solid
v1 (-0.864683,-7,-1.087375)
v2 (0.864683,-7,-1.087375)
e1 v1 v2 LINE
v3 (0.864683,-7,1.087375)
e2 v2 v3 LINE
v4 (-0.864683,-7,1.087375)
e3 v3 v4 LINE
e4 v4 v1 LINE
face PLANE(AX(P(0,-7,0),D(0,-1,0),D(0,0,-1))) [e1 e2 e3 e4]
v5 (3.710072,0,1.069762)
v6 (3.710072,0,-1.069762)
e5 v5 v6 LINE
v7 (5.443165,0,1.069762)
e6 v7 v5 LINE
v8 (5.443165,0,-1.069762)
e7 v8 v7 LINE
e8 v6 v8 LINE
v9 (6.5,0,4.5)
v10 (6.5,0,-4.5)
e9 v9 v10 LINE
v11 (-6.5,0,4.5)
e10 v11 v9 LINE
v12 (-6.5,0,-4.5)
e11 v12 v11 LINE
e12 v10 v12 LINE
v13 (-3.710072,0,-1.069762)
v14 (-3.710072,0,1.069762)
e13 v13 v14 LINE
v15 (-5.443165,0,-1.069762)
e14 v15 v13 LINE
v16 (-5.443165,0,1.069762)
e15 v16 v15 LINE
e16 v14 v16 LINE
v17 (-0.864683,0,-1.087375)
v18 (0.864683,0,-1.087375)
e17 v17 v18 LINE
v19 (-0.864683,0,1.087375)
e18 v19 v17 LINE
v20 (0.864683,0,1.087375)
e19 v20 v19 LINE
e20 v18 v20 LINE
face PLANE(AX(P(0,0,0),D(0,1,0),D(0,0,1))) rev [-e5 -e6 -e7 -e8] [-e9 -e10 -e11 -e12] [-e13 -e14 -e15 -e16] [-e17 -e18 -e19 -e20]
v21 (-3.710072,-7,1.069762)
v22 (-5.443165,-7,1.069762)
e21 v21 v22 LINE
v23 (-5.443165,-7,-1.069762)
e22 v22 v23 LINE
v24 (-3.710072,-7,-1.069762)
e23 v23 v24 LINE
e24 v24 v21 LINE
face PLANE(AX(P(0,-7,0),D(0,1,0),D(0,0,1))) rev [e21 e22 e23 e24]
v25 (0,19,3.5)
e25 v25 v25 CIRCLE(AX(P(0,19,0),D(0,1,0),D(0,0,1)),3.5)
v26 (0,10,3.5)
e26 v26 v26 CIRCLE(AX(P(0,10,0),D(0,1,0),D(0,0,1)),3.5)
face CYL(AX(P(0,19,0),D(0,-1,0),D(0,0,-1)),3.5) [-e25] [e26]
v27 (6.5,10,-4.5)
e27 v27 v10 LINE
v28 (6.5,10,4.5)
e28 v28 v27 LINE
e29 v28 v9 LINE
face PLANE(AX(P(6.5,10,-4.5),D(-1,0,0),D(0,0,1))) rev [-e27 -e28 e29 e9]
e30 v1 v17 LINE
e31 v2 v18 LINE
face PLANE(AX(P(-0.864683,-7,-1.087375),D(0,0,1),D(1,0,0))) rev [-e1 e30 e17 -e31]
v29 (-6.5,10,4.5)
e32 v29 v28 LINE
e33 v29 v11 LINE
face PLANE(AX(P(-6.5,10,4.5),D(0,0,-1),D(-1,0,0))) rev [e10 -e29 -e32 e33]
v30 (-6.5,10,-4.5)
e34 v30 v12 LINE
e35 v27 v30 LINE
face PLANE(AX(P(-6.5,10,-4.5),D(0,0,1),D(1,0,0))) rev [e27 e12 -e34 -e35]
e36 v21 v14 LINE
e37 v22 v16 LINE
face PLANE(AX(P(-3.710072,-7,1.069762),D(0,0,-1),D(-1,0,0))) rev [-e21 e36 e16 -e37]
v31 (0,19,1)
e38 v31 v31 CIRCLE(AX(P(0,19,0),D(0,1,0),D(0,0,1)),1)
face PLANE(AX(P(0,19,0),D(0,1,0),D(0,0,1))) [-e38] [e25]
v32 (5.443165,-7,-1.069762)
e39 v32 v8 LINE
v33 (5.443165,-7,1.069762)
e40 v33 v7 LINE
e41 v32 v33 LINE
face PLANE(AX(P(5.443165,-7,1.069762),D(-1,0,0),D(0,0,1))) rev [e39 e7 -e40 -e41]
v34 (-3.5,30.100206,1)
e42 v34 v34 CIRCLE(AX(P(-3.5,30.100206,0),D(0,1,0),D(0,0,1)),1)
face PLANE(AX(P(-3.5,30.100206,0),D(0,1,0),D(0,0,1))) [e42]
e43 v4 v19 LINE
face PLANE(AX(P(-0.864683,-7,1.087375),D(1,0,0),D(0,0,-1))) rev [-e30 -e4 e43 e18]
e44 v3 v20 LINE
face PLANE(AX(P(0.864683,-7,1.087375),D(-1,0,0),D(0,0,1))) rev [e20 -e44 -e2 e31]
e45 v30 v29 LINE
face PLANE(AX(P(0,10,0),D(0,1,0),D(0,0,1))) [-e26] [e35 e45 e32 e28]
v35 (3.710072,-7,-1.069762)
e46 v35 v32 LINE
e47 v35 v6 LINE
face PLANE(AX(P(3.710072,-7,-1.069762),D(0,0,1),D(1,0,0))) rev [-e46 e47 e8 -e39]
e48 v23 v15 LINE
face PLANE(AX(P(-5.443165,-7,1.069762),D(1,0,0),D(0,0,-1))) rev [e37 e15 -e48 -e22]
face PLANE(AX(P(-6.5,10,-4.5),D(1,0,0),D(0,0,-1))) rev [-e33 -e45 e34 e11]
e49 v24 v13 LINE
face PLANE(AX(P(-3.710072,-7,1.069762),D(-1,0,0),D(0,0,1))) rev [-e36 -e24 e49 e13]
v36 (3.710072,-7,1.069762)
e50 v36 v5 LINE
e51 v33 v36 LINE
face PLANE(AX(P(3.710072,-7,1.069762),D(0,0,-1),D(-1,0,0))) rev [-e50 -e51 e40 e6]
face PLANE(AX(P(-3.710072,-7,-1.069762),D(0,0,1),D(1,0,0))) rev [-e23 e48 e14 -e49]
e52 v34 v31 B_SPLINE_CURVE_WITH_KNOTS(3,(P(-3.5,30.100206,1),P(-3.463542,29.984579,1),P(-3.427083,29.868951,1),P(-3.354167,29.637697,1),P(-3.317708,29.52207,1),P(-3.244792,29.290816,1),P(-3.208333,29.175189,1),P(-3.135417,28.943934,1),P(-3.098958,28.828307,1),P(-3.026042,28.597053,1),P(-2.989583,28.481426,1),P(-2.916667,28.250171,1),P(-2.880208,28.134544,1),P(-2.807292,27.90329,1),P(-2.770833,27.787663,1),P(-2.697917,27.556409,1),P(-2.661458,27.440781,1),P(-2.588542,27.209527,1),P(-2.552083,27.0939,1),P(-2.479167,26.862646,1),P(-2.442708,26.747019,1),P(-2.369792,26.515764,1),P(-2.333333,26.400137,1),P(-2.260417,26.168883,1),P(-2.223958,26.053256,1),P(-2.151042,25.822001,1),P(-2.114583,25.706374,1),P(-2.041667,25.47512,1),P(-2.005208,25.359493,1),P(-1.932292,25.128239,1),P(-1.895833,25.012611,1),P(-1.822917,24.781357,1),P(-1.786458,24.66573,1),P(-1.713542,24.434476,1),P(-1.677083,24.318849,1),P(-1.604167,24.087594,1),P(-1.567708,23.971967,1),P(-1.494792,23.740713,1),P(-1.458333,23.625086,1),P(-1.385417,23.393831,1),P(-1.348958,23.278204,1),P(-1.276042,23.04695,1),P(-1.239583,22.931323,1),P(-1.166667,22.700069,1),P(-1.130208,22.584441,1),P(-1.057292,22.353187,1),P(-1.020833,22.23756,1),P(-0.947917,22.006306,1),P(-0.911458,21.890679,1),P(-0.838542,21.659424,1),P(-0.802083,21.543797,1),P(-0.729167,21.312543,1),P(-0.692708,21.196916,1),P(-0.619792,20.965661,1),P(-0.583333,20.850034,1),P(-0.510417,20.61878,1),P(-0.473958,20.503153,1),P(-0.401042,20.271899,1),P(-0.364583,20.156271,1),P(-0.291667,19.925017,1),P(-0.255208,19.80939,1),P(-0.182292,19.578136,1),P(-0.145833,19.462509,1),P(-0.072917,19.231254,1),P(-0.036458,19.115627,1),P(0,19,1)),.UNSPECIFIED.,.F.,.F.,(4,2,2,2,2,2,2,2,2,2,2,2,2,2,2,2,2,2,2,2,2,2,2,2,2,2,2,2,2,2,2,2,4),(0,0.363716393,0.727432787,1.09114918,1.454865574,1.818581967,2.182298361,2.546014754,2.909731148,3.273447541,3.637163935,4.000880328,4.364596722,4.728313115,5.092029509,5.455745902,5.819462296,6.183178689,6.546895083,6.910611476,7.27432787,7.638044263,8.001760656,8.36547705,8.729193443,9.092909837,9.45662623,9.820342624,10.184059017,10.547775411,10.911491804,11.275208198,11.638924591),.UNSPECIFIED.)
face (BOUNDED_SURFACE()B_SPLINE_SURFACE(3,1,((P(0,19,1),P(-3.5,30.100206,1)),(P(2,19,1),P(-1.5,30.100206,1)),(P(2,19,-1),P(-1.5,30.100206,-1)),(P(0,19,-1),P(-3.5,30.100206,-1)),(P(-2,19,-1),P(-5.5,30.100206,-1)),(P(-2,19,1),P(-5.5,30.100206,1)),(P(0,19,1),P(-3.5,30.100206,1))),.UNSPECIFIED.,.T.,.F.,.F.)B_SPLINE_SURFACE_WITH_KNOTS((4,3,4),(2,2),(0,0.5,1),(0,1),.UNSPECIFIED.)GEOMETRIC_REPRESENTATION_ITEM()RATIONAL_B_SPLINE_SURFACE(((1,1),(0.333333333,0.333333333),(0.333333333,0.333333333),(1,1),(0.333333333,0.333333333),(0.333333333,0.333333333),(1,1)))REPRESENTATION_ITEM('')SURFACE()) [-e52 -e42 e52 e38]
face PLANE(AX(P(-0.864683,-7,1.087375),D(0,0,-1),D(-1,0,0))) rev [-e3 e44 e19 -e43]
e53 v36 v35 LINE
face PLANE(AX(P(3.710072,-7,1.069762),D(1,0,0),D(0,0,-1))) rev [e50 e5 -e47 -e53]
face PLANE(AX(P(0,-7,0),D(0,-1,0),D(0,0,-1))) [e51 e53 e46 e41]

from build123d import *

# Parameters (mm, degrees)
SKETCH_1_W      = 13
SKETCH_1_H      = 9
EXTRUDE_1_DEPTH = 10
SKETCH_2_R      = 3.5
EXTRUDE_2_DEPTH = 9
SKETCH_4_R      = 1
SKETCH_5_W      = 1.73309276
SKETCH_5_H      = 2.139523058
SKETCH_5_W_2    = 1.729366682
SKETCH_5_H_2    = 2.174749504
EXTRUDE_3_DEPTH = 7


with BuildPart() as part:
    # 草图1 → 凸台-拉伸1 (new body)
    with BuildSketch(Plane(origin=(0, 0, 0), x_dir=(1, 0, 0), z_dir=(0, 1, 0))):
        Rectangle(SKETCH_1_W, SKETCH_1_H)
    extrude(amount=EXTRUDE_1_DEPTH)

    # 草图2 → 凸台-拉伸2 (add)
    with BuildSketch(Plane(origin=(0, 10, 0), x_dir=(1, 0, 0), z_dir=(0, 1, 0))):
        Circle(SKETCH_2_R)
    extrude(amount=EXTRUDE_2_DEPTH)

    # 扫描1: sweep along a path in 草图3
    with BuildLine(Plane.XY) as sweep_1_path:
        Line((0, 19), (-3.5, 30.100205658))
    # 草图4 → 扫描1 (sweep)
    with BuildSketch(Plane(origin=(0, 19, 0), x_dir=(1, 0, 0), z_dir=(0, 1, 0))):
        Circle(SKETCH_4_R)
    sweep(path=sweep_1_path.line)

    # 草图5 → 凸台-拉伸3 (add)
    with BuildSketch(Plane(origin=(0, 0, 0), x_dir=(-1, 0, 0), z_dir=(0, -1, 0))):
        with Locations((-4.576618424, 0)):
            Rectangle(SKETCH_5_W, SKETCH_5_H)
        with Locations((4.576618424, 0)):
            Rectangle(SKETCH_5_W, SKETCH_5_H)
        Rectangle(SKETCH_5_W_2, SKETCH_5_H_2)
    extrude(amount=EXTRUDE_3_DEPTH)


solid = part.part
